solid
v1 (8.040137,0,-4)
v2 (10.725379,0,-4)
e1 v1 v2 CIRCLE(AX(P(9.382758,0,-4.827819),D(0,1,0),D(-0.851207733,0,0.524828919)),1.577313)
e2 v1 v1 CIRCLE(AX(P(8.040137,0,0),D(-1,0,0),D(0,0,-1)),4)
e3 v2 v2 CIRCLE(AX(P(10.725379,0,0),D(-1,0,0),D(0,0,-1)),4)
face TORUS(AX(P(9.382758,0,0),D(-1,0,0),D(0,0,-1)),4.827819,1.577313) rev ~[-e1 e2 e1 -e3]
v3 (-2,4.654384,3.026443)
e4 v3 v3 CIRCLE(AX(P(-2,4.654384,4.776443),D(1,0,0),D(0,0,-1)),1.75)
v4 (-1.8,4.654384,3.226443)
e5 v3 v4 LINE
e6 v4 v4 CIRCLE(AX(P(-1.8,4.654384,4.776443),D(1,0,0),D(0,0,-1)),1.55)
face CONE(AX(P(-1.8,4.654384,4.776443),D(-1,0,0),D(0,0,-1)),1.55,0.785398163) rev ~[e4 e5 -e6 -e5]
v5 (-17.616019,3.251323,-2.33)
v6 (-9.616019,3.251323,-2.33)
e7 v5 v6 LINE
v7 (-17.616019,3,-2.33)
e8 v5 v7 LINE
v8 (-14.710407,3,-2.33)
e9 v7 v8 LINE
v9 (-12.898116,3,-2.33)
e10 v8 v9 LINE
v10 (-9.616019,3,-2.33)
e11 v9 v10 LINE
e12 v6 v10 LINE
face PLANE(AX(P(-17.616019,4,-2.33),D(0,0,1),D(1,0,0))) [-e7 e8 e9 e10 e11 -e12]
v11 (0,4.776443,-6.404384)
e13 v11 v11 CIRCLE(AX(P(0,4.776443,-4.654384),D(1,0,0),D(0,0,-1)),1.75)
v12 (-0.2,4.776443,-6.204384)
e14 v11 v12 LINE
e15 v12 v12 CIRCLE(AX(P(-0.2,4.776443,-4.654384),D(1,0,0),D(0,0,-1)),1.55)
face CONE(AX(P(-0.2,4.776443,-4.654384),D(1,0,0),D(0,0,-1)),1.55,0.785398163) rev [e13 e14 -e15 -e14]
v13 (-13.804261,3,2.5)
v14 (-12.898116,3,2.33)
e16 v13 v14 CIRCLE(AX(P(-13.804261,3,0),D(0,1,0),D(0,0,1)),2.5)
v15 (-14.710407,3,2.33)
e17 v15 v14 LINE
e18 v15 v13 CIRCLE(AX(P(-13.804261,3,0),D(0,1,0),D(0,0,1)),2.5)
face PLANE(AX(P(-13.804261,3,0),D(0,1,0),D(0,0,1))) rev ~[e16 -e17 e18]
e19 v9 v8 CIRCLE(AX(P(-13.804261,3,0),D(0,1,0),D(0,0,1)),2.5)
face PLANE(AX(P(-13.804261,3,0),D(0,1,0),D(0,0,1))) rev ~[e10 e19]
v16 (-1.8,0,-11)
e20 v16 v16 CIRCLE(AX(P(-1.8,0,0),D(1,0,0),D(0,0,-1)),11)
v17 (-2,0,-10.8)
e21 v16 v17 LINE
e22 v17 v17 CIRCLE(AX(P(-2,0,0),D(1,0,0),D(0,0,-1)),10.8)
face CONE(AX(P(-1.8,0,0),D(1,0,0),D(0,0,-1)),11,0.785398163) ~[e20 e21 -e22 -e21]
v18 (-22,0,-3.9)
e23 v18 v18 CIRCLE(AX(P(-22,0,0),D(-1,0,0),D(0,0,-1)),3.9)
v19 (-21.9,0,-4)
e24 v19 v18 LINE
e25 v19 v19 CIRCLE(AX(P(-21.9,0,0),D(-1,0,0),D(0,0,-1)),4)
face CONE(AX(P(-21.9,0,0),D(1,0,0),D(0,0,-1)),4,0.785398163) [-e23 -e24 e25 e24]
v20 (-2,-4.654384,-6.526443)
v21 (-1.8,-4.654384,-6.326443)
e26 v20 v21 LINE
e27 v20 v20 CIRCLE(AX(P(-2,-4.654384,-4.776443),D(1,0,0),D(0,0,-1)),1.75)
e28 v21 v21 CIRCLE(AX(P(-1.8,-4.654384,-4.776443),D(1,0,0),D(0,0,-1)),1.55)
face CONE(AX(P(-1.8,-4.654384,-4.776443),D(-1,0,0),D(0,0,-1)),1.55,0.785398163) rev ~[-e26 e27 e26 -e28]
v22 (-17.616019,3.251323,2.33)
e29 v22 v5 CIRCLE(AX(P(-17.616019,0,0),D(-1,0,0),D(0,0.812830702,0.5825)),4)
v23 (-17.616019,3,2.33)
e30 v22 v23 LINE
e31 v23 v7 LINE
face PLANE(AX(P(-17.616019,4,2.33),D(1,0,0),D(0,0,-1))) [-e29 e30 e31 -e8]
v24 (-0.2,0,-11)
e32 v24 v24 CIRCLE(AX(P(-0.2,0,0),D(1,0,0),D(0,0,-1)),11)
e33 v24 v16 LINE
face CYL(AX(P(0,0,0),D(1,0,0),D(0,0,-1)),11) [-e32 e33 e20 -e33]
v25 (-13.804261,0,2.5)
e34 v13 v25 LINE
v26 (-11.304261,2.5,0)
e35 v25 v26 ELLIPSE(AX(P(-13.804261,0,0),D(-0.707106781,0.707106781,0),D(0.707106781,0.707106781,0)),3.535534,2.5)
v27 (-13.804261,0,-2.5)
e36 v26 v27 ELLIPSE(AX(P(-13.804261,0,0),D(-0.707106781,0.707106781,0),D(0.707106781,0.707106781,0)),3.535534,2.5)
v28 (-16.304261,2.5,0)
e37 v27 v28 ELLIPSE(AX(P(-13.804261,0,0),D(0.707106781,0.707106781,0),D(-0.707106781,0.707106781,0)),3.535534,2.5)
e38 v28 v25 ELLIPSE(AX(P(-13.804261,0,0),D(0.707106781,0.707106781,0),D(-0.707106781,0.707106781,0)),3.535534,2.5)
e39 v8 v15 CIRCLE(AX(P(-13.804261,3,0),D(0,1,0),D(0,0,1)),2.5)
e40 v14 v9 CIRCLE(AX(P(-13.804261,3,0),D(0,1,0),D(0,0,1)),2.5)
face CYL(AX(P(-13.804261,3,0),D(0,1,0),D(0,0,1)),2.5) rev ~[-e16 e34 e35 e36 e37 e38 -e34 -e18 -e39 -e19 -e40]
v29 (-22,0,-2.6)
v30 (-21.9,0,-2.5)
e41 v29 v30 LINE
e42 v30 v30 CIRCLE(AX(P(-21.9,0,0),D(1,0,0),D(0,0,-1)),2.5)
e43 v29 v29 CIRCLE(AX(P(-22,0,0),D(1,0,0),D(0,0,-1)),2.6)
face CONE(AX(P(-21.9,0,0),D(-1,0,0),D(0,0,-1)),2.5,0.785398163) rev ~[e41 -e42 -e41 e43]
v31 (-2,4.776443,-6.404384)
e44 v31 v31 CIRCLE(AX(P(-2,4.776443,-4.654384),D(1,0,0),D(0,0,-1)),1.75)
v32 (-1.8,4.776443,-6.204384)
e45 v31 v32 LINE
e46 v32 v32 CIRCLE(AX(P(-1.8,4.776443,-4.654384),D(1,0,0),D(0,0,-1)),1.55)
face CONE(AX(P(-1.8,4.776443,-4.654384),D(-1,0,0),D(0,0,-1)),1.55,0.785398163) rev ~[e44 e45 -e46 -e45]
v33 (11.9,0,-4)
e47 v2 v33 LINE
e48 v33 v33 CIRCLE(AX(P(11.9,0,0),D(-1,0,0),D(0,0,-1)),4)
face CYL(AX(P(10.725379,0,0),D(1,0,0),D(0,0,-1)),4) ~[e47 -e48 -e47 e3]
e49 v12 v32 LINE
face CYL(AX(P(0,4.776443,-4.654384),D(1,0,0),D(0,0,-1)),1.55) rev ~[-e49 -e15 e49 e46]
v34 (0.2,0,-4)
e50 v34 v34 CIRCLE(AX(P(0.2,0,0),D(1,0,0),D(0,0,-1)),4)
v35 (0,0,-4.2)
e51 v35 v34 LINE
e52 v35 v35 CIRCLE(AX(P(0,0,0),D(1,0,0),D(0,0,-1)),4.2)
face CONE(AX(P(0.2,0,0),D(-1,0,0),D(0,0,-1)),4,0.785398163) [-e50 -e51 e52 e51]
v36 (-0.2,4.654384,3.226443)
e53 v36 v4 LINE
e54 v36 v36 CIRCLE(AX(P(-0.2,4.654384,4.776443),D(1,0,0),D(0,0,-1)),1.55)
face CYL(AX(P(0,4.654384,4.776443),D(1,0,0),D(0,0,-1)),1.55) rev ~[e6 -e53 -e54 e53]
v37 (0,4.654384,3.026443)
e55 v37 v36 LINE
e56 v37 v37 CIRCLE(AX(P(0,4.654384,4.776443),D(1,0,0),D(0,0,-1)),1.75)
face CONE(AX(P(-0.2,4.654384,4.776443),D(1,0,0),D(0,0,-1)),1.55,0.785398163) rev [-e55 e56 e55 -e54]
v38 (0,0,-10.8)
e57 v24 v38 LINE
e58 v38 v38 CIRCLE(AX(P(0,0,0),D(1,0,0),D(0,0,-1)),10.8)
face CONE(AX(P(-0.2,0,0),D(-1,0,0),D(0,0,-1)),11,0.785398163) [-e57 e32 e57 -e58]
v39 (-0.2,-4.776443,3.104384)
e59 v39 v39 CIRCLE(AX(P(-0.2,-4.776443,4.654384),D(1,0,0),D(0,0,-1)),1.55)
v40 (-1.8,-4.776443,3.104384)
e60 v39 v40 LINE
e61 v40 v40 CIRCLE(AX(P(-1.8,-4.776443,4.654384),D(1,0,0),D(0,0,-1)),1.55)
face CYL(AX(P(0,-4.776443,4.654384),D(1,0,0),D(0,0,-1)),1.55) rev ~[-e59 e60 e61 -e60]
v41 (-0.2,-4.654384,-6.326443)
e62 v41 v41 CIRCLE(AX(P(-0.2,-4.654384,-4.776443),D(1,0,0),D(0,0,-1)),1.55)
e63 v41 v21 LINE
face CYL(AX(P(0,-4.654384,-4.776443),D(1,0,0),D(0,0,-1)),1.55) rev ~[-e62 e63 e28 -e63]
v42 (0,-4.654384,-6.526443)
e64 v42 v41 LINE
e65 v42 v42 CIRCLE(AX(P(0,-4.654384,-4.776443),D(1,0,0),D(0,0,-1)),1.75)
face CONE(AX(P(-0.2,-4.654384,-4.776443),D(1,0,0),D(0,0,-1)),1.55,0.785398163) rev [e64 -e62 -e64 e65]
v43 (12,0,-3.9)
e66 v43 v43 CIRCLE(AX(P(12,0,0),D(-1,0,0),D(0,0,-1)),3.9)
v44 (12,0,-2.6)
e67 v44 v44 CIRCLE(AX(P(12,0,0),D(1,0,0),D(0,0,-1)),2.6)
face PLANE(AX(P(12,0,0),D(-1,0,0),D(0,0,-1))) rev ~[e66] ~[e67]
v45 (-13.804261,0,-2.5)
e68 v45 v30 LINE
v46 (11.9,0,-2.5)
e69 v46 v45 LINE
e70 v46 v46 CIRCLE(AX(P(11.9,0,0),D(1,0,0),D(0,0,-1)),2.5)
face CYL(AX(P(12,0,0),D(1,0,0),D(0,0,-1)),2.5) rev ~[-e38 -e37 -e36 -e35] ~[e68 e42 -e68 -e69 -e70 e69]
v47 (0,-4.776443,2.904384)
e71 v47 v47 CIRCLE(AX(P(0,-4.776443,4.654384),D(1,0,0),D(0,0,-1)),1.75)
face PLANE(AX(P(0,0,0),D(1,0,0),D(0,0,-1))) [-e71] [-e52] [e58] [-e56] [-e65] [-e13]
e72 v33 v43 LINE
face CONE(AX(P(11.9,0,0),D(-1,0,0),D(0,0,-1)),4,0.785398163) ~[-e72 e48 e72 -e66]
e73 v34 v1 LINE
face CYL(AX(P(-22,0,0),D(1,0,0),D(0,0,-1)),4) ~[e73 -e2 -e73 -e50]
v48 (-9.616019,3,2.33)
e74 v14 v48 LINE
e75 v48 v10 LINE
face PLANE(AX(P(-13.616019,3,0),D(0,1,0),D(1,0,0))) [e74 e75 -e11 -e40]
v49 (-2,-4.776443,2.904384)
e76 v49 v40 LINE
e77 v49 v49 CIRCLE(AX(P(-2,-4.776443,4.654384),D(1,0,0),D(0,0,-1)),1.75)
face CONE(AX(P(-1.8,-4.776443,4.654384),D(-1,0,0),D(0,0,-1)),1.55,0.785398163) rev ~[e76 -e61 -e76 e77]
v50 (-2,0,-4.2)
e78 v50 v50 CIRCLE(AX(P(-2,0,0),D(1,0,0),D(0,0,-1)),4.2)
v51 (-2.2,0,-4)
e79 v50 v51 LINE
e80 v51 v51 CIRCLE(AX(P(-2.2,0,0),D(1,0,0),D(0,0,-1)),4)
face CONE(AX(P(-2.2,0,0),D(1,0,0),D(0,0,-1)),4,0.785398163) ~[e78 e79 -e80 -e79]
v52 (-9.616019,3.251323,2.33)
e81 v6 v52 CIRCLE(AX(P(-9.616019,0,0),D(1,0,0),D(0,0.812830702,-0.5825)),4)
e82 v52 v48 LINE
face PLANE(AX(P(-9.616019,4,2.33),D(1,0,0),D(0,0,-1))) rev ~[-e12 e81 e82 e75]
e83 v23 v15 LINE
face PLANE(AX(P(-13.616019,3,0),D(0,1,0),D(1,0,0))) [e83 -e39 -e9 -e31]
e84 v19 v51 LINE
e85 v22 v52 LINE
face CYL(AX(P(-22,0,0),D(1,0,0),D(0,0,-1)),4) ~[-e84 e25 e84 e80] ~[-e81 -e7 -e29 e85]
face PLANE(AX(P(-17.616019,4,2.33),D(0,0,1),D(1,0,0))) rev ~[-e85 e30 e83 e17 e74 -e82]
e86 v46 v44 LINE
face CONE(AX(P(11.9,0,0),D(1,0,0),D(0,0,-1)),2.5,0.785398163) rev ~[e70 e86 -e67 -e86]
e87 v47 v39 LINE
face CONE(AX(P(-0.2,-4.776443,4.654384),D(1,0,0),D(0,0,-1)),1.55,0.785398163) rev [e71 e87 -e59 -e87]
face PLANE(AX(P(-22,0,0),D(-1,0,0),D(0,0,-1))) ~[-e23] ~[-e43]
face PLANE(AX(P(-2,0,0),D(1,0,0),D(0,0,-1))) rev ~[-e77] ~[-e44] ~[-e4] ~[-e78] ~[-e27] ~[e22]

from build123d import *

# Parameters (mm, degrees)
SKETCH2_R               = 11
BOSS_EXTRUDE1_DEPTH     = 2
SKETCH3_R               = 2.5
CUT_EXTRUDE1_DEPTH      = 38.389838192
SKETCH4_W               = 8
SKETCH4_H               = 4.66
CUT_EXTRUDE2_DEPTH      = 1
CUT_EXTRUDE3_REACH      = 30.302
CUT_EXTRUDE3_END_RADIUS = 2.5
SKETCH5_R               = 2.5
SKETCH6_R               = 1.55
CUT_EXTRUDE4_DEPTH      = 27.944387171
CHAMFER1_SIZE           = 0.2
CHAMFER2_SIZE           = 0.1


with BuildPart() as part:
    # Sketch1 → Revolve1 (revolve)
    with BuildSketch(Plane(origin=(0, 0, 0), x_dir=(1, 0, 0), z_dir=(0, 1, 0))):
        with BuildLine():
            Line((-22, 4), (8.040136982, 4))
            ThreePointArc((8.040136982, 4), (9.382757902, 3.250506535), (10.725378822, 4))
            Line((10.725378822, 4), (12, 4))
            Line((12, 4), (12, 0))
            Line((12, 0), (-22, 0))
            Line((-22, 0), (-22, 4))
        make_face()
    revolve(axis=Axis((12, 0, 0), (-1, 0, 0)))

    # Sketch2 → Boss-Extrude1 (add)
    with BuildSketch(Plane(origin=(0, 0, 0), x_dir=(0, 0, -1), z_dir=(1, 0, 0))):
        Circle(SKETCH2_R)
    extrude(amount=-BOSS_EXTRUDE1_DEPTH)

    # Sketch3 → Cut-Extrude1 (cut, through all)
    with BuildSketch(Plane(origin=(12, 0, 0), x_dir=(0, 0, -1), z_dir=(1, 0, 0))):
        Circle(SKETCH3_R)
    extrude(amount=-CUT_EXTRUDE1_DEPTH, mode=Mode.SUBTRACT)

    # Sketch4 → Cut-Extrude2 (cut)
    with BuildSketch(Plane(origin=(0, 4, 0), x_dir=(1, 0, 0), z_dir=(0, 1, 0))):
        with Locations((-13.616018874, 0)):
            Rectangle(SKETCH4_W, SKETCH4_H)
    extrude(amount=-CUT_EXTRUDE2_DEPTH, mode=Mode.SUBTRACT)

    # Cut-Extrude3: up to this cylinder (the profile starts outside it)
    cut_extrude3_end = Plane(origin=(-13.804261, 0, 0), z_dir=(1, 0, 0)) * Cylinder(CUT_EXTRUDE3_END_RADIUS, 66.604, mode=Mode.PRIVATE)
    # Sketch5 → Cut-Extrude3 (cut, up to the surface)
    with BuildSketch(Plane(origin=(0, 3, 0), x_dir=(1, 0, 0), z_dir=(0, 1, 0)), mode=Mode.PRIVATE) as cut_extrude3_sk1:
        with Locations(Location((-13.804261439, 0, 0), (0, 0, 270))):
            Circle(SKETCH5_R)
    cut_extrude3_tool1 = extrude(cut_extrude3_sk1.sketch, amount=-CUT_EXTRUDE3_REACH, mode=Mode.PRIVATE) - cut_extrude3_end
    add(cut_extrude3_tool1.solids().sort_by_distance((-13.804261, 3, 0))[0], mode=Mode.SUBTRACT)

    # Sketch6 → Cut-Extrude4 (cut, through all)
    with BuildSketch(Plane(origin=(0, 0, 0), x_dir=(0, 0, -1), z_dir=(1, 0, 0))):
        with Locations((-4.776443449, 4.654384475)):
            Circle(SKETCH6_R)
        with Locations((4.654384475, 4.776443449)):
            Circle(SKETCH6_R)
        with Locations((4.776443449, -4.654384475)):
            Circle(SKETCH6_R)
        with Locations((-4.654384475, -4.776443449)):
            Circle(SKETCH6_R)
    extrude(amount=-CUT_EXTRUDE4_DEPTH, mode=Mode.SUBTRACT)

    # Chamfer1
    chamfer1_edges = [part.edges().sort_by_distance(p)[0] for p in [
        (0, 0, 4),
        (-2, 0, 4),
        (-2, 0, 11),
        (0, 0, 11),
        (-2, -4.776443449, 6.204384475),
        (0, -4.776443449, 6.204384475),
        (-2, -4.654384475, -3.226443449),
        (0, -4.654384475, -3.226443449),
        (-2, 4.776443449, -3.104384475),
        (0, 4.776443449, -3.104384475),
        (-2, 4.654384475, 6.326443449),
        (0, 4.654384475, 6.326443449),
    ]]
    chamfer(chamfer1_edges, length=CHAMFER1_SIZE)

    # Chamfer2
    chamfer2_edges = [part.edges().sort_by_distance(p)[0] for p in [
        (-22, 0, 2.5),
        (12, 0, 2.5),
        (-22, 0, 4),
        (12, 0, 4),
    ]]
    chamfer(chamfer2_edges, length=CHAMFER2_SIZE)


solid = part.part
